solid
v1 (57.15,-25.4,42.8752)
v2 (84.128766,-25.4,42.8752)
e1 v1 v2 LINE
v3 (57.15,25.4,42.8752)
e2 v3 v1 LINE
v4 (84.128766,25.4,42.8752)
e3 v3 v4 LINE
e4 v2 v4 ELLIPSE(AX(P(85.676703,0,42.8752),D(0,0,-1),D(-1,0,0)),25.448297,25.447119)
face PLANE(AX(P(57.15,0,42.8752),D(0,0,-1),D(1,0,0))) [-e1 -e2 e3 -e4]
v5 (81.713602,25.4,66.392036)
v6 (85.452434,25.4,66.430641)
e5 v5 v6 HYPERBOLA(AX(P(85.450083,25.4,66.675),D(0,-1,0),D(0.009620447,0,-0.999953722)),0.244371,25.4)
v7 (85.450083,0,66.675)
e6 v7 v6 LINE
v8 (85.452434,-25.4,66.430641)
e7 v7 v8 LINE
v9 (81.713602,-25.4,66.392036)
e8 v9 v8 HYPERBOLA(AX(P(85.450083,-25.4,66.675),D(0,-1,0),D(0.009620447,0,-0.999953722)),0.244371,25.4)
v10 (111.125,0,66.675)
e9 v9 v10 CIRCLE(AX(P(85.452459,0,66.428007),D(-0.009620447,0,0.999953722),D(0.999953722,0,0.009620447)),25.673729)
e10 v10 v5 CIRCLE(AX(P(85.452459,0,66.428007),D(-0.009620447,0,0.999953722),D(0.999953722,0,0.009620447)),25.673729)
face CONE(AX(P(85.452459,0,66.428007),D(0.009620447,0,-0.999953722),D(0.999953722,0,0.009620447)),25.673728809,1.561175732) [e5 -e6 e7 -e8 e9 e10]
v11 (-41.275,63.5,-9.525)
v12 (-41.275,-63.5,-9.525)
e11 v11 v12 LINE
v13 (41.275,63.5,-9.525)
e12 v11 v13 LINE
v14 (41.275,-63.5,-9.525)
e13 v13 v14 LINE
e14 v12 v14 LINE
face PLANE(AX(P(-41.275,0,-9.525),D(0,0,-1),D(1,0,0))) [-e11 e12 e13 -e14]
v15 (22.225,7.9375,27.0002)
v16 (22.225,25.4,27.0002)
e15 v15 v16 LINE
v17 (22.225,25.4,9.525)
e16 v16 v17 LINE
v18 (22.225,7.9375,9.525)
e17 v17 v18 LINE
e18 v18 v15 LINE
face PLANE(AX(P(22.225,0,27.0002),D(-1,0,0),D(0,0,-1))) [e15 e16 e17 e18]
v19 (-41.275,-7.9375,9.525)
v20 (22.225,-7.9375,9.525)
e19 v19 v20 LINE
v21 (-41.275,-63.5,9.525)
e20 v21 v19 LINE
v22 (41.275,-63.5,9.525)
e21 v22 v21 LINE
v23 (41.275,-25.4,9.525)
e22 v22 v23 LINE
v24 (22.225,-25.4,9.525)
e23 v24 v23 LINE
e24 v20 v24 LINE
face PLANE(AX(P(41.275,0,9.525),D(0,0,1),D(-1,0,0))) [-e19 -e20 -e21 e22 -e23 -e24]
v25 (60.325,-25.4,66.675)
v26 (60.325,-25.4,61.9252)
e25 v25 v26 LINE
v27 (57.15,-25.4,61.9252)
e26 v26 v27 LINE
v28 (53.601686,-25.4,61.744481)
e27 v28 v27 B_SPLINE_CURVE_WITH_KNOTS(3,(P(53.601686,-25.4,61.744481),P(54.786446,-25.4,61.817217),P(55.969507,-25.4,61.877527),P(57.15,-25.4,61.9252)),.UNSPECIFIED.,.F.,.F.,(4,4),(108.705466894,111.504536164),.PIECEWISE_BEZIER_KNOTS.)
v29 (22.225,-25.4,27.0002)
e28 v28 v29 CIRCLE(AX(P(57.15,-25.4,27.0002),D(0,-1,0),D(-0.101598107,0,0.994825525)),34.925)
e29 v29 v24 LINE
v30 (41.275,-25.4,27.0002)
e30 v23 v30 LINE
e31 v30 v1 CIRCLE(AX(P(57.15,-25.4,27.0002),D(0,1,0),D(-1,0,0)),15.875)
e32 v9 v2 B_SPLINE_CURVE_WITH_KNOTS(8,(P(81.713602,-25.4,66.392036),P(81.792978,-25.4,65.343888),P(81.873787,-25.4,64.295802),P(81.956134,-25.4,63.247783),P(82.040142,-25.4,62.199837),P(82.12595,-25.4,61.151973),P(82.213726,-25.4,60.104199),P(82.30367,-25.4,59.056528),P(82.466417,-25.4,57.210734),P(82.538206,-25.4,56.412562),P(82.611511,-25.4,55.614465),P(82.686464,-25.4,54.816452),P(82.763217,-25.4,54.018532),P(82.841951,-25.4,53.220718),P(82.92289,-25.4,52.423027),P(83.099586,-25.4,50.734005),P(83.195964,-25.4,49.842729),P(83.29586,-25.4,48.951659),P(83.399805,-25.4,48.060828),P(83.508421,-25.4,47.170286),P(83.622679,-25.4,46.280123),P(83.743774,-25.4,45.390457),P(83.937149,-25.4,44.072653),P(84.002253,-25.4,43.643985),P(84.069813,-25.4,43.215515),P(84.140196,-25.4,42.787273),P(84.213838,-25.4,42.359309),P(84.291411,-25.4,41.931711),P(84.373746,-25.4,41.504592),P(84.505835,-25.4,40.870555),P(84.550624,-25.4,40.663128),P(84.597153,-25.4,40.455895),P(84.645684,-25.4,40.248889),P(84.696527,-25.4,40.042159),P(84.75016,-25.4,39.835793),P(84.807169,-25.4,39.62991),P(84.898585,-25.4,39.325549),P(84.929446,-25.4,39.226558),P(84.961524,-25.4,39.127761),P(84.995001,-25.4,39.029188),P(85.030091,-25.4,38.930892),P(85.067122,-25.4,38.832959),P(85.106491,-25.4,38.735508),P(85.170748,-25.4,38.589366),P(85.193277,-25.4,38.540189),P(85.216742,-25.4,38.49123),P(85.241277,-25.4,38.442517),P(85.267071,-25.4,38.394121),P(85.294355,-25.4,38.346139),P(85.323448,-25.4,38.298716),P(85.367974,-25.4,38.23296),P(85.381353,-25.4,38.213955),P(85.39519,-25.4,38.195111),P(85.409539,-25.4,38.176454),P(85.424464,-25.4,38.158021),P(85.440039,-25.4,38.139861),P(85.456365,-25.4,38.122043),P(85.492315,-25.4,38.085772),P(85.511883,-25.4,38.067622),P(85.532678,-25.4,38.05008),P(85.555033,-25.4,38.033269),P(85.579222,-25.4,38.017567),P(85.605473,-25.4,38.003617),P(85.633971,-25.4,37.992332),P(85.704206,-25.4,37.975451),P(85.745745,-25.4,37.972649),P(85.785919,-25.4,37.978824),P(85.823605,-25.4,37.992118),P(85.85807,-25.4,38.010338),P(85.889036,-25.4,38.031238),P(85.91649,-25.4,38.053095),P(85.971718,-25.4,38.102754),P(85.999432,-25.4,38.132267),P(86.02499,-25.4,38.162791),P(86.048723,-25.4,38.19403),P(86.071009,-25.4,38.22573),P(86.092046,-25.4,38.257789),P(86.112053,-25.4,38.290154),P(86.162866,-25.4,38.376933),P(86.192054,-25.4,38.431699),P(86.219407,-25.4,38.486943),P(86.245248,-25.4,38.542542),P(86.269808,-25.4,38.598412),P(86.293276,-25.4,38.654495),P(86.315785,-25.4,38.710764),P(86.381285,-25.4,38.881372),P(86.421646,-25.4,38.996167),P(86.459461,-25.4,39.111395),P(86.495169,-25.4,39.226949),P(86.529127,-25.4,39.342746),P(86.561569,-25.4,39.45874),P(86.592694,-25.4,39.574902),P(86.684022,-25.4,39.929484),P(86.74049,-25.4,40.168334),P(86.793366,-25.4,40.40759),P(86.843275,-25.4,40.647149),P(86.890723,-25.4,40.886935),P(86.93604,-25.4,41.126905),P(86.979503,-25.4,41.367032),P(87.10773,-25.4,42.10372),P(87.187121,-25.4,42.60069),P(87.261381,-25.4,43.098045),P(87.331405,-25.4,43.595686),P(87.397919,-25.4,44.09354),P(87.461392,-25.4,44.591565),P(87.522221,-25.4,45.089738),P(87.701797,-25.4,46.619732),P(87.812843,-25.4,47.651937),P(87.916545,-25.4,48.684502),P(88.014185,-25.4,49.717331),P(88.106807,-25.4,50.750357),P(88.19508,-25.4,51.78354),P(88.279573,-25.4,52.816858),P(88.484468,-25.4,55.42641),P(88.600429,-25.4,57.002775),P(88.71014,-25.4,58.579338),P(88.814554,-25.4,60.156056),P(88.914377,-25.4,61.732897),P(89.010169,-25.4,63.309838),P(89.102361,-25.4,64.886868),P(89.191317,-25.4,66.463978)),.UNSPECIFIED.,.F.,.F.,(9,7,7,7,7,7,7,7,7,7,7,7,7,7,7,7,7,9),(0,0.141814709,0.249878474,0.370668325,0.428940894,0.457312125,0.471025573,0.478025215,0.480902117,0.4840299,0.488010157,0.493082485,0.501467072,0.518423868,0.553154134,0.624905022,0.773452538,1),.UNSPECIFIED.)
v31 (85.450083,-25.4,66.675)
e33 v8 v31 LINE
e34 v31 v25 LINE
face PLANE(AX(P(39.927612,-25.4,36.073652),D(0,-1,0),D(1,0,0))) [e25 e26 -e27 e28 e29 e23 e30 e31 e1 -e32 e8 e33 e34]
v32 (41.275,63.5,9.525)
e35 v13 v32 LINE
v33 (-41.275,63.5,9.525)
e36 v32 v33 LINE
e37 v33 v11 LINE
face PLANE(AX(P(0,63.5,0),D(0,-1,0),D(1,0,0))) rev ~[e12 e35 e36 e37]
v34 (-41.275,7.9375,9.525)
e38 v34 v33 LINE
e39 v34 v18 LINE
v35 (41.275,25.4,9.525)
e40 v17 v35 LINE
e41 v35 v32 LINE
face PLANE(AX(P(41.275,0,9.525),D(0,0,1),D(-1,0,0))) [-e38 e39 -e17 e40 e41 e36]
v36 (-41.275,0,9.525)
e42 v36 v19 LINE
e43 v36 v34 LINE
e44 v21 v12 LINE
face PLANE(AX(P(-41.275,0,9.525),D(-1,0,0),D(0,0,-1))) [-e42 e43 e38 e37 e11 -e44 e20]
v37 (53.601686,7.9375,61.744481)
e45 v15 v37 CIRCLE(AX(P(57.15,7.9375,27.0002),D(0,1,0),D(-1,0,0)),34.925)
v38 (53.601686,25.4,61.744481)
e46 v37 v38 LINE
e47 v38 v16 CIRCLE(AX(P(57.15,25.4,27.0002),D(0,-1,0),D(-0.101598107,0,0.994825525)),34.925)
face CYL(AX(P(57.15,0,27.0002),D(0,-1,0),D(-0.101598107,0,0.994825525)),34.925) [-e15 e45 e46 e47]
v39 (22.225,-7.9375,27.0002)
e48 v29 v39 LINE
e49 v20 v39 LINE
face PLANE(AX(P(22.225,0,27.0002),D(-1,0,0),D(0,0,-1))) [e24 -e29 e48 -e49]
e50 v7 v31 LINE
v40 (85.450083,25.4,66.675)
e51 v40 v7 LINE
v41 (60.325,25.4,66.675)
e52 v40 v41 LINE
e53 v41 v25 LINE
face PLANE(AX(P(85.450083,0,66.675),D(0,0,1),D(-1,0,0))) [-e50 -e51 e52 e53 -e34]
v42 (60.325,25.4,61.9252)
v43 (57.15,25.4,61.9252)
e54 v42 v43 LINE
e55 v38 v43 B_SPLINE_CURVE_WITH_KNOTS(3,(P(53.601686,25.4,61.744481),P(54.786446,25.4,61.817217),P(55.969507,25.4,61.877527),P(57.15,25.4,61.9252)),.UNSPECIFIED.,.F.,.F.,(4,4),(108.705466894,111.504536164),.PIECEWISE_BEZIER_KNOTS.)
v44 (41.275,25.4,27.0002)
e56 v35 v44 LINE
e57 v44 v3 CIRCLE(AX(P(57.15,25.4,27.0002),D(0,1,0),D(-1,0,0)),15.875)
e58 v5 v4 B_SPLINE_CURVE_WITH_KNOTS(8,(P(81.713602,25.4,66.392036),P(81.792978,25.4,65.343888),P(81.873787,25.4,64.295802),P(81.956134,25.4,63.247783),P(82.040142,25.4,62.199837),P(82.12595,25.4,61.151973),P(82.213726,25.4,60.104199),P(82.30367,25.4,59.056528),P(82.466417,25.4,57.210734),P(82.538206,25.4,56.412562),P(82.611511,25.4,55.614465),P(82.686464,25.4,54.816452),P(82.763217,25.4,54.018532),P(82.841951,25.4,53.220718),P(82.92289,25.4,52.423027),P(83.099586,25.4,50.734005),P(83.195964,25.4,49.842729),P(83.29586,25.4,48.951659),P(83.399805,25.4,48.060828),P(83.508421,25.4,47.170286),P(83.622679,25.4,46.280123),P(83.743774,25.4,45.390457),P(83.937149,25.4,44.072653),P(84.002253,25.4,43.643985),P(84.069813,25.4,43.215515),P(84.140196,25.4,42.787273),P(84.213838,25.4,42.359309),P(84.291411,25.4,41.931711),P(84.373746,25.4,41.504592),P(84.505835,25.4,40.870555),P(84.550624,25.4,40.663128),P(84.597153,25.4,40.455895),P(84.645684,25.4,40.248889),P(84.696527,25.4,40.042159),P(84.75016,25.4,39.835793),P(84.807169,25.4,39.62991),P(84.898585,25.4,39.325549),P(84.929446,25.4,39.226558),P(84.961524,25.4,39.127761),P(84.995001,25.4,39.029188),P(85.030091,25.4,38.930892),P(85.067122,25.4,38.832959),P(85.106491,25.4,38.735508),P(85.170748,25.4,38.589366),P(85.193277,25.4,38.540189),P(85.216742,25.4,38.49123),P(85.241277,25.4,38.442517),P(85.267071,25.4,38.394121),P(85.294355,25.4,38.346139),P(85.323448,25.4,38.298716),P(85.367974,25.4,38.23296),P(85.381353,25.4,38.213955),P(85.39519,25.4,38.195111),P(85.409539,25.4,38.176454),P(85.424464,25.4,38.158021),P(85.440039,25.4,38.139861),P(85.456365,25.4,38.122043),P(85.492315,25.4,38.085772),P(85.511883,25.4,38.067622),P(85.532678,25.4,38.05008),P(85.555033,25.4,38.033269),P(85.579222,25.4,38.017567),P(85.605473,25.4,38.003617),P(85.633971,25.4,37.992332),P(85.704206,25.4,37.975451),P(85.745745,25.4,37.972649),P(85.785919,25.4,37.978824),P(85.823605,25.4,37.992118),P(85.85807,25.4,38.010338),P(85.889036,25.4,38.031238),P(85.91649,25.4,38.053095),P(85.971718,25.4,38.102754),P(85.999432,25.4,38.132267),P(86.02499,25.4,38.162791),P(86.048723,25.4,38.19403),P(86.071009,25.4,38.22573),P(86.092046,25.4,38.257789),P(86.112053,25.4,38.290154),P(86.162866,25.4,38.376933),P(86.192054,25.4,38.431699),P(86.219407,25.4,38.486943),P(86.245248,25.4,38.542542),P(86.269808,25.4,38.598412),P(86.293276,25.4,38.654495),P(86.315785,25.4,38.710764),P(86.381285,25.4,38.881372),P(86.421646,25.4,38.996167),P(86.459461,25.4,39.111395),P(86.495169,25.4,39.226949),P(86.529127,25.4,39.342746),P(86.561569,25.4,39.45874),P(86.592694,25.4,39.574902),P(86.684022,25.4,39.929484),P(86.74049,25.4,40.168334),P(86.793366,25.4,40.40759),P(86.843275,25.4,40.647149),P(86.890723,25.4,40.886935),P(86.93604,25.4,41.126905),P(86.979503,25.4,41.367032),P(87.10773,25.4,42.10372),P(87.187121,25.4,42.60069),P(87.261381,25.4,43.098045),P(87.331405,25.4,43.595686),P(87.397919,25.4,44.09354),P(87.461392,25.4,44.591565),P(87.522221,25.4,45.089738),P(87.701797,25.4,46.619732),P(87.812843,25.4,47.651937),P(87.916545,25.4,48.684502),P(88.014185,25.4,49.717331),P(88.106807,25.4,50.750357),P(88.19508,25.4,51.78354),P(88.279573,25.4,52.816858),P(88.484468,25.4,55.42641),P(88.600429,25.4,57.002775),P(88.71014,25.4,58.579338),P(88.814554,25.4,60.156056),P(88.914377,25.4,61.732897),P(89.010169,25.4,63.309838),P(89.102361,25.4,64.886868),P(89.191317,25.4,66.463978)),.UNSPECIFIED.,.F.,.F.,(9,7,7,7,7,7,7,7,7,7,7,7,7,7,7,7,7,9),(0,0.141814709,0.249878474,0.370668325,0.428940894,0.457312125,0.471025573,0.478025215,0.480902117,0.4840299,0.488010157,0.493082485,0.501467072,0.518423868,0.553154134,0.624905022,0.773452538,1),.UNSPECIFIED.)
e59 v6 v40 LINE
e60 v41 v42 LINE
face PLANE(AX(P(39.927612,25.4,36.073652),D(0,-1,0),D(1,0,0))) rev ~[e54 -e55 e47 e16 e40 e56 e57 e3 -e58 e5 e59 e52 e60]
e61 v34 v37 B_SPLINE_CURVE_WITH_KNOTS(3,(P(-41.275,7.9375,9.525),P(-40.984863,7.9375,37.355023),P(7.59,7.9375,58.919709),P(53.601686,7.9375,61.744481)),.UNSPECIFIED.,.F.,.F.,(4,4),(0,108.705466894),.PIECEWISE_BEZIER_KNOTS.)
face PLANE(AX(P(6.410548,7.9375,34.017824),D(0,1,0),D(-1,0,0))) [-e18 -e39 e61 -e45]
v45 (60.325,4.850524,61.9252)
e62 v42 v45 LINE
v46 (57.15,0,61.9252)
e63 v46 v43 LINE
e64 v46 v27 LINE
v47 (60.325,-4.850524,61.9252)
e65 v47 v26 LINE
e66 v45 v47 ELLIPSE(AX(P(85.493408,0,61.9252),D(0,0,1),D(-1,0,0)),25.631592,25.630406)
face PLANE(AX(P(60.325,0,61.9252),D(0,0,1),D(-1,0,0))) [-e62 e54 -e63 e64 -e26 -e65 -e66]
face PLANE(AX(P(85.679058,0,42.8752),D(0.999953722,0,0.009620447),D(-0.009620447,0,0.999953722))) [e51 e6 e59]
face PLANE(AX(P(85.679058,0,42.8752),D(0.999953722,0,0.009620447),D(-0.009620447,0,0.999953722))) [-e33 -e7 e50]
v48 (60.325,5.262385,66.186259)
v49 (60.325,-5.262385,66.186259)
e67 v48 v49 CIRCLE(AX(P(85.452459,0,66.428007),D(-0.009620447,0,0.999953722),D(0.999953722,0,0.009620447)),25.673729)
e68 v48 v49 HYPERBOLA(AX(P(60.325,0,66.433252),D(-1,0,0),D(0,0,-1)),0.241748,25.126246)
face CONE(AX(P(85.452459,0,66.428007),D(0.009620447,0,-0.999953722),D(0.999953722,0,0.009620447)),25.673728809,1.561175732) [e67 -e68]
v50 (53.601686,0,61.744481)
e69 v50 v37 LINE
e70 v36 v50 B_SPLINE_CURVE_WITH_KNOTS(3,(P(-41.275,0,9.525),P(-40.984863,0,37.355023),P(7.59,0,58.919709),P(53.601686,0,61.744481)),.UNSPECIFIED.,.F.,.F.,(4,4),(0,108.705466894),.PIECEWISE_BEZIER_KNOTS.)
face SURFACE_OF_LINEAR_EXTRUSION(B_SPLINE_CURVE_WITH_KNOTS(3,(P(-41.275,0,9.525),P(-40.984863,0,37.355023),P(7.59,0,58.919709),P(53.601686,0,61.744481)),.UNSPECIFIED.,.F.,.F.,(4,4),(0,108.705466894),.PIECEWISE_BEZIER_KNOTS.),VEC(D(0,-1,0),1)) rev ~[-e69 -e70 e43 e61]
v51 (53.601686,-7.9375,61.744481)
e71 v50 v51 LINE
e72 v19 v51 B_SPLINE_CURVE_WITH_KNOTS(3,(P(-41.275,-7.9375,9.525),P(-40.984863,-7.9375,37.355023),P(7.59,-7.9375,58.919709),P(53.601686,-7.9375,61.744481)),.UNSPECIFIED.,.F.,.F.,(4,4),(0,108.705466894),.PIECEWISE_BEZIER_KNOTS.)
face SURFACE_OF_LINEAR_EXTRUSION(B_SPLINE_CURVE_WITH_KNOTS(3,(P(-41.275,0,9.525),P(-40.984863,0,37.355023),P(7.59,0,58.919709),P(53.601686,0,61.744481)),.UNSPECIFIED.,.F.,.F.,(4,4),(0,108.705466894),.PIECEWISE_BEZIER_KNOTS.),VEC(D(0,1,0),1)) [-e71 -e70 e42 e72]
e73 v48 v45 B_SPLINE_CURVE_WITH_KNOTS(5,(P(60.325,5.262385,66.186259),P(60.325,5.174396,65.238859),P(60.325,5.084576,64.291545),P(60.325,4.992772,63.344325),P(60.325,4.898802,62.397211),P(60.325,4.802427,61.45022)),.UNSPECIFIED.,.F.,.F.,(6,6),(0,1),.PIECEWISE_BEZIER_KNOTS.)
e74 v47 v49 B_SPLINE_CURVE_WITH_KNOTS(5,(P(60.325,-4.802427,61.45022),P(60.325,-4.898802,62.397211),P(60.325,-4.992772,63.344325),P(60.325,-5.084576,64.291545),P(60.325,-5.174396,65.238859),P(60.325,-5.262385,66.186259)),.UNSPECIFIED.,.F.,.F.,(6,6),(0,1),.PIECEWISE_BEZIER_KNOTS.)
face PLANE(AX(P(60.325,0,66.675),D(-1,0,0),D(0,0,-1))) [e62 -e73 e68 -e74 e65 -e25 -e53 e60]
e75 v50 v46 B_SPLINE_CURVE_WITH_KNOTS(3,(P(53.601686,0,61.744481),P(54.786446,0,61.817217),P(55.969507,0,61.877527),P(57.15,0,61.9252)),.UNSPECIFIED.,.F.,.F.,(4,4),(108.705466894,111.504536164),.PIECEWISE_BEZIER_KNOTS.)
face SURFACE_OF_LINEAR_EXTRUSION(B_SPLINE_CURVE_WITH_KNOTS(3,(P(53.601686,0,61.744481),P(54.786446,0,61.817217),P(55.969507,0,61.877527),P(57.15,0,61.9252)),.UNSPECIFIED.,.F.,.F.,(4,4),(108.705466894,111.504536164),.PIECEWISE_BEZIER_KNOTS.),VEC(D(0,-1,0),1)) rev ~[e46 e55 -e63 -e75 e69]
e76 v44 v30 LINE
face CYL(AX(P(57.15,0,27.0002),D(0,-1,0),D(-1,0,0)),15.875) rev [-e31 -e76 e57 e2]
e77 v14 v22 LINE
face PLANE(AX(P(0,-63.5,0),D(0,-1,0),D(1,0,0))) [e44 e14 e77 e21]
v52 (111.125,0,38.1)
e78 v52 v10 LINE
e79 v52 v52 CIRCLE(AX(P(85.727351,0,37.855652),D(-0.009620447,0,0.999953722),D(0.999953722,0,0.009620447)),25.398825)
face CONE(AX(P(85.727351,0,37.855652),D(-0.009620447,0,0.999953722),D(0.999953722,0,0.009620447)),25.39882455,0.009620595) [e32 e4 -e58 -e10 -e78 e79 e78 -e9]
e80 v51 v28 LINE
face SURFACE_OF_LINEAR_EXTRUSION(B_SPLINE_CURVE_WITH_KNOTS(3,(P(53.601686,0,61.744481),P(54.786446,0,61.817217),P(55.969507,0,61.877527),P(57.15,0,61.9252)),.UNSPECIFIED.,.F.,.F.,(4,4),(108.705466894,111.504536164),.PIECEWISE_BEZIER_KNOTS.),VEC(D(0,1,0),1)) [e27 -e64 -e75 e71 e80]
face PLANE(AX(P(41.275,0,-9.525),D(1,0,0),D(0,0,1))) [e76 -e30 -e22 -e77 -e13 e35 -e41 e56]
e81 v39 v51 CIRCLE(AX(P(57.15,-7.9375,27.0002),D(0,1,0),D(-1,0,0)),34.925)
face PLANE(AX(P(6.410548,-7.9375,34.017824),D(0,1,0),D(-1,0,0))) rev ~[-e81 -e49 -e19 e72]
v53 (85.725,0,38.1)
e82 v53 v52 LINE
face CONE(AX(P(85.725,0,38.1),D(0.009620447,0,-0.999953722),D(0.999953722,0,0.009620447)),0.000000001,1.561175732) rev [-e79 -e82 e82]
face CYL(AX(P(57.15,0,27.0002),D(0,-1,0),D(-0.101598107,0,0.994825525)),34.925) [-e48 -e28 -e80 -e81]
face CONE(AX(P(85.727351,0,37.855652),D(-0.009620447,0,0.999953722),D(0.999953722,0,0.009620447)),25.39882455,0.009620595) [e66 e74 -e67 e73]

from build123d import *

# Parameters (mm, degrees)
F1_DEPTH = 63.5
F2_DEPTH = 25.4
F3_DEPTH = 7.9375


with BuildPart() as f1:
    # F0 (on Front) → F1 (new body, symmetric)
    with BuildSketch(Plane.XZ):
        Polygon((22.225, 9.525), (-41.275, 9.525), (-41.275, -9.525), (41.275, -9.525), (41.275, 9.525), align=None)
    extrude(amount=F1_DEPTH, both=True)

    # F0 (on Front) → F2 (join, symmetric)
    with BuildSketch(Plane.XZ):
        with BuildLine():
            Line((22.225, 27.0002), (22.225, 9.525))
            Line((22.225, 9.525), (41.275, 9.525))
            Line((41.275, 9.525), (41.275, 27.0002))
            ThreePointArc((41.275, 27.0002), (45.9246798487, 38.2255201513), (57.15, 42.8752))
            Line((57.15, 42.8752), (60.325, 42.8752))
            Line((60.325, 42.8752), (60.325, 61.9252))
            Line((60.325, 61.9252), (57.15, 61.9252))
            add(Edge.make_bspline(
                [(53.6016861152, 61.7444814514), (54.7864461989, 61.817216834), (55.9695068539, 61.8775273392), (57.15, 61.9252)],
                knots=[108.7054668937, 108.7054668937, 108.7054668937, 108.7054668937, 111.5045361635, 111.5045361635, 111.5045361635, 111.5045361635], degree=3))
            ThreePointArc((53.6016861152, 61.7444814514), (31.2301187558, 50.4077923855), (22.225, 27.0002))
        make_face()
        Polygon((60.325, 66.675), (60.325, 61.9252), (60.325, 42.8752), (85.6790583176, 42.8752), (85.4500830173, 66.675), align=None)
    extrude(amount=F2_DEPTH, both=True)

    # F0 (on Front) → F3 (join, symmetric)
    with BuildSketch(Plane.XZ):
        with BuildLine():
            add(Edge.make_bspline(
                [(-41.275, 9.525), (-40.9848631129, 37.3550228275), (7.5899995014, 58.9197090153), (53.6016861152, 61.7444814514)],
                knots=[0, 0, 0, 0, 108.7054668937, 108.7054668937, 108.7054668937, 108.7054668937], degree=3))
            Line((-41.275, 9.525), (22.225, 9.525))
            Line((22.225, 9.525), (22.225, 27.0002))
            ThreePointArc((22.225, 27.0002), (31.2301187558, 50.4077923855), (53.6016861152, 61.7444814514))
        make_face()
    extrude(amount=F3_DEPTH, both=True)

    # F0 (on Front) → F4 (revolve)
    with BuildSketch(Plane.XZ):
        Polygon((85.4500830173, 66.675), (85.6790583176, 42.8752), (85.725, 38.1), (111.125, 38.1), (111.125, 66.675), align=None)
    revolve(axis=Axis((85.5875415087, 0, 52.3875), (-0.0096204465, 0, 0.9999537224)))


solid = f1.part
